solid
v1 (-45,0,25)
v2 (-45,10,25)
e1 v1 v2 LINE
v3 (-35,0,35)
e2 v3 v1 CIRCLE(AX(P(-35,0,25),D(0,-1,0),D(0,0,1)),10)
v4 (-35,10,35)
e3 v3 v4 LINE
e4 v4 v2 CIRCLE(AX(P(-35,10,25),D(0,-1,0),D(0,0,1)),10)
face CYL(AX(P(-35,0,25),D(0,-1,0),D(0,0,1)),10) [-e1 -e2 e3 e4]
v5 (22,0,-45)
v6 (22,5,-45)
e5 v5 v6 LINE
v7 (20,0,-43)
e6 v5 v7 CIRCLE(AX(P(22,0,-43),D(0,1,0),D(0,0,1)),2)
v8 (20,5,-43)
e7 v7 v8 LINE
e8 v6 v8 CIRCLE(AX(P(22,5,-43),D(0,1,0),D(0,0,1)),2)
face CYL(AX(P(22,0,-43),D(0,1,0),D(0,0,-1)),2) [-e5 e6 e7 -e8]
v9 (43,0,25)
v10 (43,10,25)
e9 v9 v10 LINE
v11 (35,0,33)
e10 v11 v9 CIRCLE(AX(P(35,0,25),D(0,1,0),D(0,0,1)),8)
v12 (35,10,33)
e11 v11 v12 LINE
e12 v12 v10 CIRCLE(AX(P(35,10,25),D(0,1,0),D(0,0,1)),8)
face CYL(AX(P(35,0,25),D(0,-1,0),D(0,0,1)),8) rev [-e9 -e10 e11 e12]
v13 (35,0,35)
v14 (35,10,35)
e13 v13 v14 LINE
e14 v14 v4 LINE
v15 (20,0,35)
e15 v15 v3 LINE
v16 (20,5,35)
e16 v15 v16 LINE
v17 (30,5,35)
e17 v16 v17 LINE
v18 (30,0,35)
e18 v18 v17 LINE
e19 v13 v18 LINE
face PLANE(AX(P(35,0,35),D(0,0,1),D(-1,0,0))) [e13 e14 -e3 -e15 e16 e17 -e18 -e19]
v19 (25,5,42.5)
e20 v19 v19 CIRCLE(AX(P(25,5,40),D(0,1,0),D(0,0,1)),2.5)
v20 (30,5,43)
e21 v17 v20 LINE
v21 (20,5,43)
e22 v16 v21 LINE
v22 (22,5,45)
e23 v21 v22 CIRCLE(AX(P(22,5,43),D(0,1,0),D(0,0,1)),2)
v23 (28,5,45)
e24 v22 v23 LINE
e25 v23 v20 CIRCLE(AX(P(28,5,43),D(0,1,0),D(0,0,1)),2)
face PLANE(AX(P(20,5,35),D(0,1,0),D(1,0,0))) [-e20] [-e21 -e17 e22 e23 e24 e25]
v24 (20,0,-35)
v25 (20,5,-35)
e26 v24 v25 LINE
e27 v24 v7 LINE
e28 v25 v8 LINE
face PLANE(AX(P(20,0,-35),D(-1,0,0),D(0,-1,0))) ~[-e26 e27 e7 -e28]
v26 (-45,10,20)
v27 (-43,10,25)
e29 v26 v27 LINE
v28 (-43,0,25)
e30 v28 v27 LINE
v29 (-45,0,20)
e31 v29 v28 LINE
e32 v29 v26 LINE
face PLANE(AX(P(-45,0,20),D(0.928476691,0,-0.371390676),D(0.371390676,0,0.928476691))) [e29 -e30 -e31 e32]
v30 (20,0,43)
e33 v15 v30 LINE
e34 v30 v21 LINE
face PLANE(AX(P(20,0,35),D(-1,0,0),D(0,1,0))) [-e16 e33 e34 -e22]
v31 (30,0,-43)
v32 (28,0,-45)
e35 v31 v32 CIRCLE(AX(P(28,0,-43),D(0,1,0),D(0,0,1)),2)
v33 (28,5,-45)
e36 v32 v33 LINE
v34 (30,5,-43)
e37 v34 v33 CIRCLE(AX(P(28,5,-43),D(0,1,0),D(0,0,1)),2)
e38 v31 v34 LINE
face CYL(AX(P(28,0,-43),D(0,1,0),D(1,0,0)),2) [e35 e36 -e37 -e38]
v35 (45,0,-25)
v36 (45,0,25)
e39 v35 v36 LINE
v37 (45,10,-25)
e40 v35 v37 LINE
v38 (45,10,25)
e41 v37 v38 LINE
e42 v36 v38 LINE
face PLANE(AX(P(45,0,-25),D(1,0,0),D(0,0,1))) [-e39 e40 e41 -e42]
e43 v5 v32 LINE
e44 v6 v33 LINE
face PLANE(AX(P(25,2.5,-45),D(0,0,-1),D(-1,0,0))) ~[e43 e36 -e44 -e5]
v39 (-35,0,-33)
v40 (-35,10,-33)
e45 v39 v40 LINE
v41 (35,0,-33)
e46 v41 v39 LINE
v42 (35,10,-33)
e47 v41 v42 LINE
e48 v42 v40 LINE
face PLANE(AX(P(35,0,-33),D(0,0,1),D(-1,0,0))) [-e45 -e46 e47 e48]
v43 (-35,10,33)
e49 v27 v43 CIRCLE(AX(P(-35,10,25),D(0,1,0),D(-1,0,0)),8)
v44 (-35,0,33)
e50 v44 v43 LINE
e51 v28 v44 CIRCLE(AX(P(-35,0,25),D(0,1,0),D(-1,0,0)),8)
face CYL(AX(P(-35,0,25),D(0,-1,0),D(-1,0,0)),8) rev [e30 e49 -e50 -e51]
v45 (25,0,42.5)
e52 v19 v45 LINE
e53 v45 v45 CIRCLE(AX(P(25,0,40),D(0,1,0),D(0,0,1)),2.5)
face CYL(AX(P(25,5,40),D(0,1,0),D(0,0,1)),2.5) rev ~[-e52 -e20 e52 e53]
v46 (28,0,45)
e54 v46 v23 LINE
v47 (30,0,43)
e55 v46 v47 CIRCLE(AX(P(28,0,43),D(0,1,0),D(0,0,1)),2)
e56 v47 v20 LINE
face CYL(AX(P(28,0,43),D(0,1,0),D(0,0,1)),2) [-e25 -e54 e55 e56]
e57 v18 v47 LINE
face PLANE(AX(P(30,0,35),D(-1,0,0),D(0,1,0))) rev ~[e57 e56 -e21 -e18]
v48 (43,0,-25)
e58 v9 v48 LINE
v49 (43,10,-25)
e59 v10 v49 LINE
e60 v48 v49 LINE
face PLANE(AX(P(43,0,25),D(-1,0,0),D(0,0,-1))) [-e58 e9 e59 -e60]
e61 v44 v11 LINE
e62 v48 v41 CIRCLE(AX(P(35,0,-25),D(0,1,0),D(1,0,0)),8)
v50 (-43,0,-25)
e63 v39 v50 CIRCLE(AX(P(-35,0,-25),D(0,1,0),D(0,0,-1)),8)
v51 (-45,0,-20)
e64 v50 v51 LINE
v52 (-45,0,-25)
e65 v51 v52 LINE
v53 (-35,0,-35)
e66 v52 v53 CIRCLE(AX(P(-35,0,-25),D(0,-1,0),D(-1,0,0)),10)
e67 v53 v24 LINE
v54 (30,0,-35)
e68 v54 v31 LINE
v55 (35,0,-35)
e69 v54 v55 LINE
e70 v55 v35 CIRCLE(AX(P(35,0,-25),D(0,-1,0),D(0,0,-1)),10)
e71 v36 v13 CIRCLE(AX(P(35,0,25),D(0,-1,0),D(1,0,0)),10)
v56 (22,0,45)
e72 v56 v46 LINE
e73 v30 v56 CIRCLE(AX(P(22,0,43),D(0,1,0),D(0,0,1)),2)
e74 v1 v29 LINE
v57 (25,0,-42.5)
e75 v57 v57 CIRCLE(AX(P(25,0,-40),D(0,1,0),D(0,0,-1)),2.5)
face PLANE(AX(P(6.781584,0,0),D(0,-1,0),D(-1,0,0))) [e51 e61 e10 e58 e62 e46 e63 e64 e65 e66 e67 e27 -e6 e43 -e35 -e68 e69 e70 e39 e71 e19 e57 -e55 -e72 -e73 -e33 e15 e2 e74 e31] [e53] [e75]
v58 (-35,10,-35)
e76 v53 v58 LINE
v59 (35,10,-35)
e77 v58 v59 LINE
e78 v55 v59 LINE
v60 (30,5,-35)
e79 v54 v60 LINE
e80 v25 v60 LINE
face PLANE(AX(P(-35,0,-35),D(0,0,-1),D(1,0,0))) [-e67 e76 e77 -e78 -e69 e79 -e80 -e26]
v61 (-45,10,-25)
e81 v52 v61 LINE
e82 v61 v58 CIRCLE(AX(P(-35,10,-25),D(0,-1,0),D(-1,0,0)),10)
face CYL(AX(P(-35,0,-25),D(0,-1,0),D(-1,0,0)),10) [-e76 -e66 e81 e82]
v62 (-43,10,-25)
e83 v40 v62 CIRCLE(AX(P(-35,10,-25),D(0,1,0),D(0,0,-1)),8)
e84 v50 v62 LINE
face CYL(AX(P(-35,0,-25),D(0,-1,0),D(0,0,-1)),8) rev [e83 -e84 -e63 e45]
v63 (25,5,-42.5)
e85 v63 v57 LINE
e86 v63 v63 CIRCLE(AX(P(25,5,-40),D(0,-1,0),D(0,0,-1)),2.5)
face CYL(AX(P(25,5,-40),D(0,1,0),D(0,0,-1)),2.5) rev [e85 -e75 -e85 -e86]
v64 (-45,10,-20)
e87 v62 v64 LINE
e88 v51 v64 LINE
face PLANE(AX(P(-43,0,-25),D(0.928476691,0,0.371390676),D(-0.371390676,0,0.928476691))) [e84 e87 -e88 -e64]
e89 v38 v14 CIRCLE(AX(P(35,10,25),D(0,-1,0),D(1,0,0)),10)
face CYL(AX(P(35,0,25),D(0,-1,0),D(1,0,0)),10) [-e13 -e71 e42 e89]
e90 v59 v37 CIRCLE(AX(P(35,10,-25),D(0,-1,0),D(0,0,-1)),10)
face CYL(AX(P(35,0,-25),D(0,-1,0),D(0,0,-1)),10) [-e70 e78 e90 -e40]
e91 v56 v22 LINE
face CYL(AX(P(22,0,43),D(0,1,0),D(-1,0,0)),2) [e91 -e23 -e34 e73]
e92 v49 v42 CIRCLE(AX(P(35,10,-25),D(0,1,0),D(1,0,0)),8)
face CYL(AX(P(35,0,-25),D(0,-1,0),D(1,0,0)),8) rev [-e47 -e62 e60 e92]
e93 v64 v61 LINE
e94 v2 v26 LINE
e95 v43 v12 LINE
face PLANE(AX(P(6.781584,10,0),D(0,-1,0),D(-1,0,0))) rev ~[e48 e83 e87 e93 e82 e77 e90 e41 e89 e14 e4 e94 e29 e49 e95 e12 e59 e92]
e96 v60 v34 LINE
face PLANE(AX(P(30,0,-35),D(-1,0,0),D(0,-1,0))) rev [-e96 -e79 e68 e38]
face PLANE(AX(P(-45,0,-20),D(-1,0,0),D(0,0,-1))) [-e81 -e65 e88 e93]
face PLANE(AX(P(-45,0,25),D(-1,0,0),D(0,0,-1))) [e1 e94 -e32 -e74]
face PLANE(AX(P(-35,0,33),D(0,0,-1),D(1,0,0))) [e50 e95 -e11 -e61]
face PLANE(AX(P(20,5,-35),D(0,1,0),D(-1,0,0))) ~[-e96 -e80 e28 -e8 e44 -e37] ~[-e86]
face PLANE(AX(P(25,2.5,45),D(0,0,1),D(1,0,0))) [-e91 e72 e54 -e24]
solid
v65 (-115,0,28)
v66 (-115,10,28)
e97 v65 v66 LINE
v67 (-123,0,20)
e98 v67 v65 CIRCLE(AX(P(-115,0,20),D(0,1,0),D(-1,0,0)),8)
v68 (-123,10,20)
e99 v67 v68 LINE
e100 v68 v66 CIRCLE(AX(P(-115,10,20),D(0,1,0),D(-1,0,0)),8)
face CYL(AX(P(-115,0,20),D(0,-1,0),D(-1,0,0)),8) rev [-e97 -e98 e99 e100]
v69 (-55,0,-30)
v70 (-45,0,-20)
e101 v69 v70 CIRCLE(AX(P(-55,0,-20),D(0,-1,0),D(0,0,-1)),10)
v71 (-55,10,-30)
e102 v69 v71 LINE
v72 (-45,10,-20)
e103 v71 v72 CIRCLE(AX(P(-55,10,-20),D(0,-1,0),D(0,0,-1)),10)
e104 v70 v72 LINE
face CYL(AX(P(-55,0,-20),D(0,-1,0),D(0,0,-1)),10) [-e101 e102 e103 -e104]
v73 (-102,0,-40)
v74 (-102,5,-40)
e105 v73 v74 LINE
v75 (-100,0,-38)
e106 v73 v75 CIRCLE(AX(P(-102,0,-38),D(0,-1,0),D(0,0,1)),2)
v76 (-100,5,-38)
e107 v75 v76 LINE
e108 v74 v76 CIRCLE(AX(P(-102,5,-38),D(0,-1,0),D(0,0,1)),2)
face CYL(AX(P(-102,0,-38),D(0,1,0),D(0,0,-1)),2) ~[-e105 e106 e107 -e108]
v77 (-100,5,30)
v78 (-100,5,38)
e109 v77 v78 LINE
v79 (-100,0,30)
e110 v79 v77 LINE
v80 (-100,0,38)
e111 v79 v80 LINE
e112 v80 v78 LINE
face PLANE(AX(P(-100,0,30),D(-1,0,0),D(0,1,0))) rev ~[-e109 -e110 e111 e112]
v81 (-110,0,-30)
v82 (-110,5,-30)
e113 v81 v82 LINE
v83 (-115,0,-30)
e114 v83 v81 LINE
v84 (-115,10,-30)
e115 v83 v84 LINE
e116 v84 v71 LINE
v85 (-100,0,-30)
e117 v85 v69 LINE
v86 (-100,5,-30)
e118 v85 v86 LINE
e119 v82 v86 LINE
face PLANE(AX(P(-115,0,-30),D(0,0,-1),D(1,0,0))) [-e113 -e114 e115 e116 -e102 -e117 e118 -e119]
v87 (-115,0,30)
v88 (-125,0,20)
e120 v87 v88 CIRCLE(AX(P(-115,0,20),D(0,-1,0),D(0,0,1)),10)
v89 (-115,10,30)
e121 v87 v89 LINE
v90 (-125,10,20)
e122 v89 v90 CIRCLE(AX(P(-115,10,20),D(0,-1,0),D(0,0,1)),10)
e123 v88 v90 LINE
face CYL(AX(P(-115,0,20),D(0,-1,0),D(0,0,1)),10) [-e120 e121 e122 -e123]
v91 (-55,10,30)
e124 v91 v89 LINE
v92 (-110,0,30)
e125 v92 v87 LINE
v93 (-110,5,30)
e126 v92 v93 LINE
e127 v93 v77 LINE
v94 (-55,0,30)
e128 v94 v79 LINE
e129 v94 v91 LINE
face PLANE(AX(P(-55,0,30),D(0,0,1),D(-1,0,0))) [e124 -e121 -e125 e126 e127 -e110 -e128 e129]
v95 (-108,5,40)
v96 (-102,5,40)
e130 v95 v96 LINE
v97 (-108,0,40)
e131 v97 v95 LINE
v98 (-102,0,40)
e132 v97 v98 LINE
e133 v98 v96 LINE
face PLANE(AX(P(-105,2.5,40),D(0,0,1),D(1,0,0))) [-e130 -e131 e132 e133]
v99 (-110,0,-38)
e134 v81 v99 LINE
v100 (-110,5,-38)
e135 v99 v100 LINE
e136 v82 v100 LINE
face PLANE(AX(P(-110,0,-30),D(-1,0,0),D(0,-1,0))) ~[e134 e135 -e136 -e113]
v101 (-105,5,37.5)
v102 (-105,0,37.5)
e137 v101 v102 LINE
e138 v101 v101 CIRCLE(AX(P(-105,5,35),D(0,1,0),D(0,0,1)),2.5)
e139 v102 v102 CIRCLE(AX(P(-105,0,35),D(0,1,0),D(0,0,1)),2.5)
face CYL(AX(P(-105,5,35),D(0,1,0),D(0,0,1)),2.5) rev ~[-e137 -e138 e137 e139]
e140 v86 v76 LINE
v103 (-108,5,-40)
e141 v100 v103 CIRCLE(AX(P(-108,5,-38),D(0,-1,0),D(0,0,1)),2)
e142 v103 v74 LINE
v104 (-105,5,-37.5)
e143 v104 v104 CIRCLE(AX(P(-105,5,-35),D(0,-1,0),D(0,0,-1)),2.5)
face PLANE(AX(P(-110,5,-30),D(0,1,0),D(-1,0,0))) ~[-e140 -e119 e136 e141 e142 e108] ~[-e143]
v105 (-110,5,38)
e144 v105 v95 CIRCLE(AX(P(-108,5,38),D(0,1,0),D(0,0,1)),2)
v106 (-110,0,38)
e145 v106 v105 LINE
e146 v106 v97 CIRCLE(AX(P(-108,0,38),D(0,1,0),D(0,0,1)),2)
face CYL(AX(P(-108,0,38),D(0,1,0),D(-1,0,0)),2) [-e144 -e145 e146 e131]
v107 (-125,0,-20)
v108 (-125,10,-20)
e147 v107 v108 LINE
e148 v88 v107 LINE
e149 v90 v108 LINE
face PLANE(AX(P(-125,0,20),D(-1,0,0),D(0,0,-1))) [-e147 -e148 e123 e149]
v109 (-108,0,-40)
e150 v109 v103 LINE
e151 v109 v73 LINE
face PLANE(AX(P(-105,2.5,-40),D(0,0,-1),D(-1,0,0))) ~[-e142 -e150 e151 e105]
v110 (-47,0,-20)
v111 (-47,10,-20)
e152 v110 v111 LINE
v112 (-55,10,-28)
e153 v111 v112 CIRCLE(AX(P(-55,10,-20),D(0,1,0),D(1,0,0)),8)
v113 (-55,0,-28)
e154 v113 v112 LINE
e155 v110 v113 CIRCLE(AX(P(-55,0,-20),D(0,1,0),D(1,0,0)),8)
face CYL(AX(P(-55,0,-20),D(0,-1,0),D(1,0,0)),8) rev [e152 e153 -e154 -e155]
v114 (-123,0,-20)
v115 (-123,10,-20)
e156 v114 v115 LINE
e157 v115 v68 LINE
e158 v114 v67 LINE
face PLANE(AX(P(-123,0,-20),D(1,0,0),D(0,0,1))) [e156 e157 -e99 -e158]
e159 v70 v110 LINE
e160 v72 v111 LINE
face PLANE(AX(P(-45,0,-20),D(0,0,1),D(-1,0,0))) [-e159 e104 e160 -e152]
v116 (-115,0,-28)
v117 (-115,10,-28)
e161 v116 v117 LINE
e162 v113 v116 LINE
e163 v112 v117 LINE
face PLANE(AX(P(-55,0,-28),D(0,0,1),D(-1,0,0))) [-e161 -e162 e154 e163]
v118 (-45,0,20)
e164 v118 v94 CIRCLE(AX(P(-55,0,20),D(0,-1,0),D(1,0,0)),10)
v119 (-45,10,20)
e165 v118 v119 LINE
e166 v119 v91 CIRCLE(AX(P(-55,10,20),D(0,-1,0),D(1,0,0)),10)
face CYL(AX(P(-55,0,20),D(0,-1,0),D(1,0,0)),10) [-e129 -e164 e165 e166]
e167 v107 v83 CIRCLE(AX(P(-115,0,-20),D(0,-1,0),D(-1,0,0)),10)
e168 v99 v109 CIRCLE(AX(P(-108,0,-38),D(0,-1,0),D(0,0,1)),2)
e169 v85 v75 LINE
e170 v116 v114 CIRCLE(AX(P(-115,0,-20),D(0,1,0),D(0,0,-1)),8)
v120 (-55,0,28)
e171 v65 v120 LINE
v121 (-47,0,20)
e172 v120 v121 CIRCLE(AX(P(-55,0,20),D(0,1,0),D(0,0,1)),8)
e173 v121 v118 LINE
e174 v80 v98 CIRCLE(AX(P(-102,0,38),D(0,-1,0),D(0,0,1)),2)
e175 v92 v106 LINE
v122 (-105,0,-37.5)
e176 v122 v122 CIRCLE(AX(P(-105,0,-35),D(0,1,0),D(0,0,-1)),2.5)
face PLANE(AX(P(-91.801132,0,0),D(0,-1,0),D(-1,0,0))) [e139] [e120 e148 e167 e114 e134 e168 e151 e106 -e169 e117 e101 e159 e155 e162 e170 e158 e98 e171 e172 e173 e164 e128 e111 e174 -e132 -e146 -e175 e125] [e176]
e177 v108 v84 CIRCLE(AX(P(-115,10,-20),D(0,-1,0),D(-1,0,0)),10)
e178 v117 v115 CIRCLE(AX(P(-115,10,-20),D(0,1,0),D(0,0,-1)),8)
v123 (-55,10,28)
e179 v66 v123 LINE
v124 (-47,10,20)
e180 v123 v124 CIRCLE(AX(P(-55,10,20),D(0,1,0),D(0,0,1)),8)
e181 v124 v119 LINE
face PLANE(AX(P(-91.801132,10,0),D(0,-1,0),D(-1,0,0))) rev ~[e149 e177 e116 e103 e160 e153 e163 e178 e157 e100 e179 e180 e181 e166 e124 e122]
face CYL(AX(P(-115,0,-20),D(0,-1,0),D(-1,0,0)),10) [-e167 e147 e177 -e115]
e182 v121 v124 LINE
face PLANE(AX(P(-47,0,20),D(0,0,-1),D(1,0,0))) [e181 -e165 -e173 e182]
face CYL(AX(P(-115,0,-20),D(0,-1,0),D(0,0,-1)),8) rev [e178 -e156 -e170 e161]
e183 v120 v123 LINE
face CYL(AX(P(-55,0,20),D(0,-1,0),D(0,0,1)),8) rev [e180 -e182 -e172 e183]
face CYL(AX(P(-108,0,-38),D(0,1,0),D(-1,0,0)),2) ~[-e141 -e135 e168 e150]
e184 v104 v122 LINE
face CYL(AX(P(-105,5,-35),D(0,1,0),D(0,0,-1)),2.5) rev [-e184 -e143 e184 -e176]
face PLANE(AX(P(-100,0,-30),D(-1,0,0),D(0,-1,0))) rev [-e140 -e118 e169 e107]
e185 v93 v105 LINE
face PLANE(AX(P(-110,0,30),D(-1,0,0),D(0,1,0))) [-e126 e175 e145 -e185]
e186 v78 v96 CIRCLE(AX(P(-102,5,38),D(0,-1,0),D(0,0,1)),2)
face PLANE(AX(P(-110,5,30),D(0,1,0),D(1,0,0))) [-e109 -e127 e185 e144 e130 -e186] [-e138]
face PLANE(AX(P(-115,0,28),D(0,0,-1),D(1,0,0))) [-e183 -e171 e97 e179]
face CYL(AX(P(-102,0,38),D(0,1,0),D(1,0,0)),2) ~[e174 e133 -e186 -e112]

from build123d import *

# Parameters (mm, degrees)
BOSS_EXTRUDE1_DEPTH   = 10
BOSS_EXTRUDE1_2_DEPTH = 10
SKETCH3_W             = 10
SKETCH3_H             = 5
BOSS_EXTRUDE8_DEPTH   = 10
SKETCH4_R             = 2.5
CUT_EXTRUDE1_DEPTH    = 10
FILLET1_R             = 2
FILLET1_OF_MIRROR4_R  = 2
SKETCH5_W             = 10
SKETCH5_H             = 5
BOSS_EXTRUDE9_DEPTH   = 10
SKETCH7_R             = 2.5
CUT_EXTRUDE2_DEPTH    = 10
FILLET3_R             = 2
FILLET3_OF_MIRROR18_R = 2


with BuildPart() as part:
    # Sketch1 → Boss-Extrude1 (new body)
    with BuildSketch(Plane(origin=(0, 0, 0), x_dir=(1, 0, 0), z_dir=(0, 1, 0))):
        with BuildLine():
            Line((-55, 28), (-115, 28))
            ThreePointArc((-115, 28), (-120.656854249, 25.656854249), (-123, 20))
            Line((-123, 20), (-123, -20))
            ThreePointArc((-123, -20), (-120.656854249, -25.656854249), (-115, -28))
            Line((-115, -28), (-55, -28))
            ThreePointArc((-55, -28), (-49.343145751, -25.656854249), (-47, -20))
            Line((-47, -20), (-45, -20))
            ThreePointArc((-45, -20), (-47.928932188, -27.071067812), (-55, -30))
            Line((-55, -30), (-115, -30))
            ThreePointArc((-115, -30), (-122.071067812, -27.071067812), (-125, -20))
            Line((-125, -20), (-125, 20))
            ThreePointArc((-125, 20), (-122.071067812, 27.071067812), (-115, 30))
            Line((-115, 30), (-55, 30))
            ThreePointArc((-55, 30), (-47.928932188, 27.071067812), (-45, 20))
            Line((-45, 20), (-47, 20))
            ThreePointArc((-47, 20), (-49.343145751, 25.656854249), (-55, 28))
        make_face()
    extrude(amount=BOSS_EXTRUDE1_DEPTH)

    # Sketch3 → Boss-Extrude8 (add)
    with BuildSketch(Plane.XY.offset(30)):
        with Locations((-105, 2.5)):
            Rectangle(SKETCH3_W, SKETCH3_H)
    boss_extrude8 = extrude(amount=BOSS_EXTRUDE8_DEPTH)

    # Sketch4 → Cut-Extrude1 (cut)
    with BuildSketch(Plane(origin=(0, 5, 0), x_dir=(1, 0, 0), z_dir=(0, 1, 0))):
        with Locations(Location((-105, -35, 0), (0, 0, 270))):
            Circle(SKETCH4_R)
    cut_extrude1 = extrude(amount=-CUT_EXTRUDE1_DEPTH, mode=Mode.SUBTRACT)

    # Fillet1
    fillet1_edges = [part.edges().sort_by_distance(p)[0] for p in [
        (-110, 2.5, 40),
        (-100, 2.5, 40),
    ]]
    fillet(fillet1_edges, radius=FILLET1_R)

    # Mirror4: Boss-Extrude8, Cut-Extrude1 across plane
    add(boss_extrude8.mirror(Plane.XY))
    add(cut_extrude1.mirror(Plane.XY), mode=Mode.SUBTRACT)

    # Fillet1 of Mirror4
    fillet1_of_mirror4_edges = [part.edges().sort_by_distance(p)[0] for p in [
        (-110, 2.5, -40),
        (-100, 2.5, -40),
    ]]
    fillet(fillet1_of_mirror4_edges, radius=FILLET1_OF_MIRROR4_R)


with BuildPart() as body_2:
    # Sketch1 → Boss-Extrude1 2 (new body)
    with BuildSketch(Plane(origin=(0, 0, 0), x_dir=(1, 0, 0), z_dir=(0, 1, 0))):
        with BuildLine():
            ThreePointArc((35, -33), (40.656854249, -30.656854249), (43, -25))
            Line((43, -25), (43, 25))
            ThreePointArc((43, 25), (40.656854249, 30.656854249), (35, 33))
            Line((35, 33), (-35, 33))
            ThreePointArc((-35, 33), (-40.656854249, 30.656854249), (-43, 25))
            Line((-43, 25), (-45, 20))
            Line((-45, 20), (-45, 25))
            ThreePointArc((-45, 25), (-42.071067812, 32.071067812), (-35, 35))
            Line((-35, 35), (35, 35))
            ThreePointArc((35, 35), (42.071067812, 32.071067812), (45, 25))
            Line((45, 25), (45, -25))
            ThreePointArc((45, -25), (42.071067812, -32.071067812), (35, -35))
            Line((35, -35), (-35, -35))
            ThreePointArc((-35, -35), (-42.071067812, -32.071067812), (-45, -25))
            Line((-45, -25), (-45, -20))
            Line((-45, -20), (-43, -25))
            ThreePointArc((-43, -25), (-40.656854249, -30.656854249), (-35, -33))
            Line((-35, -33), (35, -33))
        make_face()
    extrude(amount=BOSS_EXTRUDE1_2_DEPTH)

    # Sketch5 → Boss-Extrude9 (add)
    with BuildSketch(Plane.XY.offset(35)):
        with Locations((25, 2.5)):
            Rectangle(SKETCH5_W, SKETCH5_H)
    boss_extrude9 = extrude(amount=BOSS_EXTRUDE9_DEPTH)

    # Sketch7 → Cut-Extrude2 (cut)
    with BuildSketch(Plane(origin=(0, 5, 0), x_dir=(1, 0, 0), z_dir=(0, 1, 0))):
        with Locations(Location((25, -40, 0), (0, 0, 270))):
            Circle(SKETCH7_R)
    cut_extrude2 = extrude(amount=-CUT_EXTRUDE2_DEPTH, mode=Mode.SUBTRACT)

    # Fillet3
    fillet3_edges = [body_2.edges().sort_by_distance(p)[0] for p in [
        (30, 2.5, 45),
        (20, 2.5, 45),
    ]]
    fillet(fillet3_edges, radius=FILLET3_R)

    # Mirror18: Boss-Extrude9, Cut-Extrude2 across plane
    add(boss_extrude9.mirror(Plane.XY))
    add(cut_extrude2.mirror(Plane.XY), mode=Mode.SUBTRACT)

    # Fillet3 of Mirror18
    fillet3_of_mirror18_edges = [body_2.edges().sort_by_distance(p)[0] for p in [
        (30, 2.5, -45),
        (20, 2.5, -45),
    ]]
    fillet(fillet3_of_mirror18_edges, radius=FILLET3_OF_MIRROR18_R)


solid = Compound([part.part, body_2.part])
